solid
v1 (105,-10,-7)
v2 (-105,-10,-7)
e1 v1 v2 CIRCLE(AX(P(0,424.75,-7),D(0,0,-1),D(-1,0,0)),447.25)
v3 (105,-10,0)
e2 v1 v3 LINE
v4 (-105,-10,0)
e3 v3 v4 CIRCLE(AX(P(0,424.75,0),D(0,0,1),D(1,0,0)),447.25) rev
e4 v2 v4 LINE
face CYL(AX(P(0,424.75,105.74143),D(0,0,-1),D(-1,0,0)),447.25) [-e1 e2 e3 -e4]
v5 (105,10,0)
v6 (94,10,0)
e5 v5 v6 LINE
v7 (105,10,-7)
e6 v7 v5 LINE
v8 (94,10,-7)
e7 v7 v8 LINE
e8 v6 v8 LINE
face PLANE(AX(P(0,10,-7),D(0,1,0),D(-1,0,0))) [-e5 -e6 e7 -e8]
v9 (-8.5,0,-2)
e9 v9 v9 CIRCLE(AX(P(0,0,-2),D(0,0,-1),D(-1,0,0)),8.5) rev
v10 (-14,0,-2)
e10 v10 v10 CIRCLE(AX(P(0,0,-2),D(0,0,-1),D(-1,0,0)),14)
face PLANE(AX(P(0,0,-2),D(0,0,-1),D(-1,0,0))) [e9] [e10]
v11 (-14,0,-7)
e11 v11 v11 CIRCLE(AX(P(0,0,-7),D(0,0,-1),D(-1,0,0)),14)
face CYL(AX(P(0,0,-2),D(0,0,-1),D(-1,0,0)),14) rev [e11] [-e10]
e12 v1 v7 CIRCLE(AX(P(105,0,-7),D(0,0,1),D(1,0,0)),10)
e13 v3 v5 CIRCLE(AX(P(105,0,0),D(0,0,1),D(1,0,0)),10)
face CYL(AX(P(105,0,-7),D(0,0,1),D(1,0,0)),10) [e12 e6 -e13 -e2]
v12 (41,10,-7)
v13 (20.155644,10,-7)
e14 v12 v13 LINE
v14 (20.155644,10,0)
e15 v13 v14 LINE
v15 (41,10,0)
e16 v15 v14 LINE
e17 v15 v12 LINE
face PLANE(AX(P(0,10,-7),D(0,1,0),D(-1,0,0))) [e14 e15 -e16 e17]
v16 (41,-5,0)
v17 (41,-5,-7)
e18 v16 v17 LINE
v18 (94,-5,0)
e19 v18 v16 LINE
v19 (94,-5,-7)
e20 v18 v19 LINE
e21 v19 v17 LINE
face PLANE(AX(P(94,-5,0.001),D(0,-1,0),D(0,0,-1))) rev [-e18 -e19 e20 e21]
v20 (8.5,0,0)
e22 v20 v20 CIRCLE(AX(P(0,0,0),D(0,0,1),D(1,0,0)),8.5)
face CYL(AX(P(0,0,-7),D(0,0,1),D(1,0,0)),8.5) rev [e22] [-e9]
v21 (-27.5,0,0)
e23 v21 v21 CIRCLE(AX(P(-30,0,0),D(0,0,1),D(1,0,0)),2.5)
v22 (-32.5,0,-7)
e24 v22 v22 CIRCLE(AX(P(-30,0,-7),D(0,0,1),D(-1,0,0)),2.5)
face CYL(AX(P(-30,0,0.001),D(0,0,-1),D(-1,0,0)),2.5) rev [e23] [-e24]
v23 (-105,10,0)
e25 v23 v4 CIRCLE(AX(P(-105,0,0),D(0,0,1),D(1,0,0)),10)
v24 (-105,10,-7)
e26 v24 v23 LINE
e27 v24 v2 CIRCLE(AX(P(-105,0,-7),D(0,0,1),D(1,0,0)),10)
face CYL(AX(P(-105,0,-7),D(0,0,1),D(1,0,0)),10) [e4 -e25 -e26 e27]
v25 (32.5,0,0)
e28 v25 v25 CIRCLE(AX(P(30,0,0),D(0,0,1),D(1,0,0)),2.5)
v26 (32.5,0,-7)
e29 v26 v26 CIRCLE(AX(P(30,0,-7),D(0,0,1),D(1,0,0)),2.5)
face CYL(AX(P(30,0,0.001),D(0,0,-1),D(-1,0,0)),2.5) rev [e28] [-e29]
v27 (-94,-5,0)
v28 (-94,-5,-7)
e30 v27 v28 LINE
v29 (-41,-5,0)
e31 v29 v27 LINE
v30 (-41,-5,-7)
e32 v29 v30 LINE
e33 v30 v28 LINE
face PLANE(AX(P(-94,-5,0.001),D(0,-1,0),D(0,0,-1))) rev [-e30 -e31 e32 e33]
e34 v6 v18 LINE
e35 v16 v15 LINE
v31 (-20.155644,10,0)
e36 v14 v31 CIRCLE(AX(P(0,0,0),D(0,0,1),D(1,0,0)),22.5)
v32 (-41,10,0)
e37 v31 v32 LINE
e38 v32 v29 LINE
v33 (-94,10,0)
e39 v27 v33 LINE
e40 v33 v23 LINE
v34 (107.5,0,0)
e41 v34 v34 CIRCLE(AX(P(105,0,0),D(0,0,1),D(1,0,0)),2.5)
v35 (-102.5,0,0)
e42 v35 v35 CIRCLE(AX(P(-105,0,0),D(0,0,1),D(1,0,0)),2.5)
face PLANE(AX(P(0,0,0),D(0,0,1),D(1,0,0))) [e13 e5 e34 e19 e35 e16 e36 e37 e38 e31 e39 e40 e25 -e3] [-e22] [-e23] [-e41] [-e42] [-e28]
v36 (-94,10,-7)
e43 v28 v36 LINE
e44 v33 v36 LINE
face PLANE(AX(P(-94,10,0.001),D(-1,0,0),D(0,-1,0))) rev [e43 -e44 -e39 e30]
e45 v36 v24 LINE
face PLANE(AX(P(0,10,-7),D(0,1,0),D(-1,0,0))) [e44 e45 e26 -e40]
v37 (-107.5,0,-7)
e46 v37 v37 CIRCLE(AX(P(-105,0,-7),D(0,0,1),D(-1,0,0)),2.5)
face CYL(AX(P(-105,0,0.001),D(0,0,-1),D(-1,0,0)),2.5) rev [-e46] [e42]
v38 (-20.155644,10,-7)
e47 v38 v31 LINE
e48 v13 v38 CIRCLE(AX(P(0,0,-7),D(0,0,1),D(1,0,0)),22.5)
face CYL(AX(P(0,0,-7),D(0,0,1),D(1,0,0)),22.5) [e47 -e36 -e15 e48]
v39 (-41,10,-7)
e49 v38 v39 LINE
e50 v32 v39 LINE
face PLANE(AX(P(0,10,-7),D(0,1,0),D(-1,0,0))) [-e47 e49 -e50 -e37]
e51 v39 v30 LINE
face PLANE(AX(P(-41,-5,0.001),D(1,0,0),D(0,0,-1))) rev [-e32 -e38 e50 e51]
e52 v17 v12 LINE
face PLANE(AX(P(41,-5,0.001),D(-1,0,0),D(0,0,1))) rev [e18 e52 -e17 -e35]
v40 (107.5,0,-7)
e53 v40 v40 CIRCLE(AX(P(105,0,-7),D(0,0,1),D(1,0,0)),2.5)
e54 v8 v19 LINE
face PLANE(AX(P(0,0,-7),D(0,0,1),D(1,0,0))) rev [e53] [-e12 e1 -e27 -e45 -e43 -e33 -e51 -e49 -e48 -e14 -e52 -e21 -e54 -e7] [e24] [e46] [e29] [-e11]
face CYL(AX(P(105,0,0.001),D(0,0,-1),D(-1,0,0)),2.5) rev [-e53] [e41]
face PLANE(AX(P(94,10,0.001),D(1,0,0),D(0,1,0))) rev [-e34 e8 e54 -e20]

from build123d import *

# Parameters (mm, degrees)
SKETCH_1_R          = 8.5
EXTRUDE_1_DEPTH     = 7
SKETCH_3_R          = 14
CUT_EXTRUDE_2_DEPTH = 5
CUT_EXTRUDE_3_REACH = 119.389
SKETCH_4_R          = 2.5
CUT_EXTRUDE_5_REACH = 119.389
SKETCH_6_W          = 53
SKETCH_6_H          = 15
EXTRUDE_START       = -7
EXTRUDE_2_DEPTH     = 7


with BuildPart() as part:
    # 草图1 → 凸台-拉伸1 (new body)
    with BuildSketch(Plane.XY):
        with BuildLine():
            ThreePointArc((20.155644371, 10), (0, 22.5), (-20.155644371, 10))
            Line((-20.155644371, 10), (-105, 10))
            ThreePointArc((-105, 10), (-115, 0), (-105, -10))
            Line((-105, -10), (-20.155644371, -10))
            ThreePointArc((-20.155644371, -10), (0, -22.5), (20.155644371, -10))
            Line((20.155644371, -10), (105, -10))
            ThreePointArc((105, -10), (115, 0), (105, 10))
            Line((105, 10), (20.155644371, 10))
        make_face()
        Circle(SKETCH_1_R, mode=Mode.SUBTRACT)
    extrude(amount=-EXTRUDE_1_DEPTH)

    # 草图3 → 切除-拉伸2 (cut)
    with BuildSketch(Plane(origin=(0, 0, -7), x_dir=(-1, 0, 0), z_dir=(0, 0, -1))):
        Circle(SKETCH_3_R)
    extrude(amount=-CUT_EXTRUDE_2_DEPTH, mode=Mode.SUBTRACT)

    # 草图4 → 切除-拉伸3 (cut, up to next)
    with BuildSketch(Plane.XY.offset(-7), mode=Mode.PRIVATE) as cut_extrude_3_sk1:
        with Locations((30, 0)):
            Circle(SKETCH_4_R)
    cut_extrude_3_tool1 = extrude(cut_extrude_3_sk1.sketch, amount=CUT_EXTRUDE_3_REACH, mode=Mode.PRIVATE) & part.part
    # 草图4 → 切除-拉伸3 (cut, up to next)
    with BuildSketch(Plane.XY.offset(-7), mode=Mode.PRIVATE) as cut_extrude_3_sk2:
        with Locations((105, 0)):
            Circle(SKETCH_4_R)
    cut_extrude_3_tool2 = extrude(cut_extrude_3_sk2.sketch, amount=CUT_EXTRUDE_3_REACH, mode=Mode.PRIVATE) & part.part
    # 草图4 → 切除-拉伸3 (cut, up to next)
    with BuildSketch(Plane.XY.offset(-7), mode=Mode.PRIVATE) as cut_extrude_3_sk3:
        with Locations(Location((-105, 0, 0), (0, 0, 180))):
            Circle(SKETCH_4_R)
    cut_extrude_3_tool3 = extrude(cut_extrude_3_sk3.sketch, amount=CUT_EXTRUDE_3_REACH, mode=Mode.PRIVATE) & part.part
    # 草图4 → 切除-拉伸3 (cut, up to next)
    with BuildSketch(Plane.XY.offset(-7), mode=Mode.PRIVATE) as cut_extrude_3_sk4:
        with Locations(Location((-30, 0, 0), (0, 0, 180))):
            Circle(SKETCH_4_R)
    cut_extrude_3_tool4 = extrude(cut_extrude_3_sk4.sketch, amount=CUT_EXTRUDE_3_REACH, mode=Mode.PRIVATE) & part.part
    add(cut_extrude_3_tool1.solids().sort_by_distance((30, 0, -7))[0], mode=Mode.SUBTRACT)
    add(cut_extrude_3_tool2.solids().sort_by_distance((105, 0, -7))[0], mode=Mode.SUBTRACT)
    add(cut_extrude_3_tool3.solids().sort_by_distance((-105, 0, -7))[0], mode=Mode.SUBTRACT)
    add(cut_extrude_3_tool4.solids().sort_by_distance((-30, 0, -7))[0], mode=Mode.SUBTRACT)

    # 草图6 → 切除-拉伸5 (cut, up to next)
    with BuildSketch(Plane(origin=(0, 0, -7), x_dir=(-1, 0, 0), z_dir=(0, 0, -1)), mode=Mode.PRIVATE) as cut_extrude_5_sk1:
        with Locations((-67.5, 2.5)):
            Rectangle(SKETCH_6_W, SKETCH_6_H)
    cut_extrude_5_tool1 = extrude(cut_extrude_5_sk1.sketch, amount=-CUT_EXTRUDE_5_REACH, mode=Mode.PRIVATE) & part.part
    # 草图6 → 切除-拉伸5 (cut, up to next)
    with BuildSketch(Plane(origin=(0, 0, -7), x_dir=(-1, 0, 0), z_dir=(0, 0, -1)), mode=Mode.PRIVATE) as cut_extrude_5_sk2:
        with Locations((67.5, 2.5)):
            Rectangle(SKETCH_6_W, SKETCH_6_H)
    cut_extrude_5_tool2 = extrude(cut_extrude_5_sk2.sketch, amount=-CUT_EXTRUDE_5_REACH, mode=Mode.PRIVATE) & part.part
    add(cut_extrude_5_tool1.solids().sort_by_distance((67.5, 2.5, -7))[0], mode=Mode.SUBTRACT)
    add(cut_extrude_5_tool2.solids().sort_by_distance((-67.5, 2.5, -7))[0], mode=Mode.SUBTRACT)

    # 草图7 → 凸台-拉伸2 (add)
    with BuildSketch(Plane(origin=(0, 0, -7), x_dir=(-1, 0, 0), z_dir=(0, 0, -1)).offset(EXTRUDE_START)):
        with BuildLine():
            ThreePointArc((-105, -10), (-52.870714977, -19.364005631), (-4.1e-08, -22.5))
            ThreePointArc((-4.1e-08, -22.5), (-11.858541243, -19.121323165), (-20.155644371, -10))
            Line((-20.155644371, -10), (-105, -10))
        make_face()
        with BuildLine():
            Line((105, -10), (20.155644371, -10))
            ThreePointArc((20.155644371, -10), (11.858541208, -19.121323187), (-4.1e-08, -22.5))
            ThreePointArc((-4.1e-08, -22.5), (52.870714936, -19.364005636), (105, -10))
        make_face()
    extrude(amount=EXTRUDE_2_DEPTH)


solid = part.part
